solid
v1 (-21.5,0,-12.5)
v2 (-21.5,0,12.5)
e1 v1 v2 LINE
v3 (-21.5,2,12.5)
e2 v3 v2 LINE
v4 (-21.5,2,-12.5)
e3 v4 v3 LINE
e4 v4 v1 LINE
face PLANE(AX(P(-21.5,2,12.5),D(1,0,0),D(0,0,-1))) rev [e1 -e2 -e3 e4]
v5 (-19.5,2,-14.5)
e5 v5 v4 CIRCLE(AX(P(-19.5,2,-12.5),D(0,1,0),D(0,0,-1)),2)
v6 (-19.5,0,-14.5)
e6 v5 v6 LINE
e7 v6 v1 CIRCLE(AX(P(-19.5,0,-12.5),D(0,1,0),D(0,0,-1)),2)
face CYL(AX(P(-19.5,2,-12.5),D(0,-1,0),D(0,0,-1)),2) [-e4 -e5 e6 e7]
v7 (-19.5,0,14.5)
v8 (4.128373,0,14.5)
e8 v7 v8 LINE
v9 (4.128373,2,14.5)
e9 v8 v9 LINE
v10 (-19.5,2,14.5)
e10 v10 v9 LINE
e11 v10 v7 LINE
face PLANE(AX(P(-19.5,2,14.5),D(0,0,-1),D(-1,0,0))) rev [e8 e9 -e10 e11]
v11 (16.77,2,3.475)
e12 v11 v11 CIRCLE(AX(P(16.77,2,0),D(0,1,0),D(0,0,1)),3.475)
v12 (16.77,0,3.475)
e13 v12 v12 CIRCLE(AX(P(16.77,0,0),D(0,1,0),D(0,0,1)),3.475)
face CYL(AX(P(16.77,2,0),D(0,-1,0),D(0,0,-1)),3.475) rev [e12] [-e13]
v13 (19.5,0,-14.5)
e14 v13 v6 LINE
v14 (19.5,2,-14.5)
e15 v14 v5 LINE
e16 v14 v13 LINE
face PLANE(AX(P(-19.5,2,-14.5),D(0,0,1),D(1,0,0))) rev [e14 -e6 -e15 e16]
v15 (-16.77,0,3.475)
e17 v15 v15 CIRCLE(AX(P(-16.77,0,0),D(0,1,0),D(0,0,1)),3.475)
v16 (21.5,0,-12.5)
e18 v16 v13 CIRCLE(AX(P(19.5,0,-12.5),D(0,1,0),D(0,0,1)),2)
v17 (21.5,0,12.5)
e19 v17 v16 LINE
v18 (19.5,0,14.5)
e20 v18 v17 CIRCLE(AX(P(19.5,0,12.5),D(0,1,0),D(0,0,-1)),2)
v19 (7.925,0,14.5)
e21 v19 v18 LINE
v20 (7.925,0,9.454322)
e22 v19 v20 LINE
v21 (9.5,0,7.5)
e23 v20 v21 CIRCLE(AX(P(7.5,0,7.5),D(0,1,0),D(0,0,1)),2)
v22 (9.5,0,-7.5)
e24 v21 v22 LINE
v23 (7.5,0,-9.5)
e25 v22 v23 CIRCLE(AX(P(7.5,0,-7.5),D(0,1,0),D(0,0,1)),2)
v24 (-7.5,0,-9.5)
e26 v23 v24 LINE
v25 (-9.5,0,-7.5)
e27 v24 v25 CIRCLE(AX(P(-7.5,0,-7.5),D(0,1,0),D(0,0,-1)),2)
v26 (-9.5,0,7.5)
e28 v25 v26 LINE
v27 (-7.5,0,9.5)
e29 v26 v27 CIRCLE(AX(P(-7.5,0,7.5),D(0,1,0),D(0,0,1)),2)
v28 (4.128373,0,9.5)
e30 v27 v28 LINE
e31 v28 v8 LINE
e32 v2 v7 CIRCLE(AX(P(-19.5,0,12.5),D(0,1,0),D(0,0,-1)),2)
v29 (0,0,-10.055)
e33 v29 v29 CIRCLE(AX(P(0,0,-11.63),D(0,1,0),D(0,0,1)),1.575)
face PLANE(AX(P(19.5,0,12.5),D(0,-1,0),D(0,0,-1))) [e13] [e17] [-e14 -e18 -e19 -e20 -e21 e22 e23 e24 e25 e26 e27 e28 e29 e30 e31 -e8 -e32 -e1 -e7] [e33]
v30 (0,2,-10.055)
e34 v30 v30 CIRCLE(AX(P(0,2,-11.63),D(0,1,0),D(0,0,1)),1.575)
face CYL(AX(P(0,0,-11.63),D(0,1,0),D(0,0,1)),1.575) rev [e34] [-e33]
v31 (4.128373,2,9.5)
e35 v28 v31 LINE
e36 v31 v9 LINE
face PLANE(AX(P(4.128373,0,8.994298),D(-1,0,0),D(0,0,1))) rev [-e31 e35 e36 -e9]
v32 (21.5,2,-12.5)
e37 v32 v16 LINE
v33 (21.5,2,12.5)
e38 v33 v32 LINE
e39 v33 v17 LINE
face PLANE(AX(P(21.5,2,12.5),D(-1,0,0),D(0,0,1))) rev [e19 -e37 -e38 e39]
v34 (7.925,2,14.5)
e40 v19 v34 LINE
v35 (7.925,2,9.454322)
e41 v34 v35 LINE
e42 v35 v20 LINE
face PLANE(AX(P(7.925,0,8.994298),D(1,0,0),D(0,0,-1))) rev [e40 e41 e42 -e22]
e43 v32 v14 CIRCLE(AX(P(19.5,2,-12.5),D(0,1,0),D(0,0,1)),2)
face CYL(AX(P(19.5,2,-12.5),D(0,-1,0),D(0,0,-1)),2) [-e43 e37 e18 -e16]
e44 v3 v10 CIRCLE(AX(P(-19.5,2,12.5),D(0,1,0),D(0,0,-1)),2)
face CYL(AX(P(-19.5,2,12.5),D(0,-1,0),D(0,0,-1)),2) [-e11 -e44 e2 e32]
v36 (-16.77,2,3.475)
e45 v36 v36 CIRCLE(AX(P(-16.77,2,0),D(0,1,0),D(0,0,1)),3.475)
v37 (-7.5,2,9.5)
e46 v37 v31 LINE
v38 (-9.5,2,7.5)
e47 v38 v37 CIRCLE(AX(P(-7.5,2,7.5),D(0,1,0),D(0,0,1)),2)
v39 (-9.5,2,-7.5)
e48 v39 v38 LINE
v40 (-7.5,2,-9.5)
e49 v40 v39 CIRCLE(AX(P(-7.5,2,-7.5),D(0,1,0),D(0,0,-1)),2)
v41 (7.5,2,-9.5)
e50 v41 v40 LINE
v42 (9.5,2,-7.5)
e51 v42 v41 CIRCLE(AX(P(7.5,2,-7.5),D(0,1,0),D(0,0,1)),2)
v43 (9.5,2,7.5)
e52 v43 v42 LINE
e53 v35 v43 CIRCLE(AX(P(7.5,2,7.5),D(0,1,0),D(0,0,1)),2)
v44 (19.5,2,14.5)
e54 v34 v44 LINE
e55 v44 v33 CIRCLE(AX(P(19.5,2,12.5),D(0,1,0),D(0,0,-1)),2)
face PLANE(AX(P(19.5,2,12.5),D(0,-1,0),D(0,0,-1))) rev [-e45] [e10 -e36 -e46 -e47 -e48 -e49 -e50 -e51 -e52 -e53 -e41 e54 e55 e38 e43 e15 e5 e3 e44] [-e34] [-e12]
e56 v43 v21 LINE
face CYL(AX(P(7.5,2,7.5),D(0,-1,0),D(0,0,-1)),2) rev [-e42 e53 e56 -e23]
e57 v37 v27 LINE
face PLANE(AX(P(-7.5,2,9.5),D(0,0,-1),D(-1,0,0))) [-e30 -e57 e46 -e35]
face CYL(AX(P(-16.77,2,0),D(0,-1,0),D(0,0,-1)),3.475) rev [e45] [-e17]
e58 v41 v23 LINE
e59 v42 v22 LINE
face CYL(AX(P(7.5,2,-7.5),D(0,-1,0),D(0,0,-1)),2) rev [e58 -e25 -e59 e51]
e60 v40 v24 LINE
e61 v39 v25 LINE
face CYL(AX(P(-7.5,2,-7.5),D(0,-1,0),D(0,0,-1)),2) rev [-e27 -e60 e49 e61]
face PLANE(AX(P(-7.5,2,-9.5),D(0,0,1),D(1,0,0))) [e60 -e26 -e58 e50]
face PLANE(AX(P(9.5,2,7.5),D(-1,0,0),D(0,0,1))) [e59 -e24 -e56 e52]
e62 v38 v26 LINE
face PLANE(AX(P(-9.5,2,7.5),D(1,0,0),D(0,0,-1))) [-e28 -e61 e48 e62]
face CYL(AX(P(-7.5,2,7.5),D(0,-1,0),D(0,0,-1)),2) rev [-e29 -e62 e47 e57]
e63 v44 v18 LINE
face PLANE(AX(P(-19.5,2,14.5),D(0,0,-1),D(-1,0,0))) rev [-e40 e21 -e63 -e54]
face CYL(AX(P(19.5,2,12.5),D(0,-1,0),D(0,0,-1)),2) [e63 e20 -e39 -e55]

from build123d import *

# Parameters (mm, degrees)
SKETCH1_R           = 3.475
BOSS_EXTRUDE1_DEPTH = 2
SKETCH2_R           = 1.575
CUT_EXTRUDE1_DEPTH  = 27.009613607
SKETCH3_W           = 3.796627216
SKETCH3_H           = 5.505702191
CUT_EXTRUDE2_DEPTH  = 27.009613607


with BuildPart() as part:
    # Sketch1 → Boss-Extrude1 (new body)
    with BuildSketch(Plane(origin=(0, 0, 0), x_dir=(1, 0, 0), z_dir=(0, 1, 0))):
        with BuildLine():
            Line((-19.5, -14.5), (19.5, -14.5))
            ThreePointArc((19.5, -14.5), (20.914213562, -13.914213562), (21.5, -12.5))
            Line((21.5, -12.5), (21.5, 12.5))
            ThreePointArc((21.5, 12.5), (20.914213562, 13.914213562), (19.5, 14.5))
            Line((19.5, 14.5), (-19.5, 14.5))
            ThreePointArc((-19.5, 14.5), (-20.914213562, 13.914213562), (-21.5, 12.5))
            Line((-21.5, 12.5), (-21.5, -12.5))
            ThreePointArc((-21.5, -12.5), (-20.914213562, -13.914213562), (-19.5, -14.5))
        make_face()
        with Locations(Location((-16.77, 0, 0), (0, 0, 270))):
            Circle(SKETCH1_R, mode=Mode.SUBTRACT)
        with Locations(Location((16.77, 0, 0), (0, 0, 270))):
            Circle(SKETCH1_R, mode=Mode.SUBTRACT)
        with BuildLine():
            Line((-7.5, -9.5), (7.5, -9.5))
            ThreePointArc((7.5, -9.5), (8.914213562, -8.914213562), (9.5, -7.5))
            Line((9.5, -7.5), (9.5, 7.5))
            ThreePointArc((9.5, 7.5), (8.914213562, 8.914213562), (7.5, 9.5))
            Line((7.5, 9.5), (-7.5, 9.5))
            ThreePointArc((-7.5, 9.5), (-8.914213562, 8.914213562), (-9.5, 7.5))
            Line((-9.5, 7.5), (-9.5, -7.5))
            ThreePointArc((-9.5, -7.5), (-8.914213562, -8.914213562), (-7.5, -9.5))
        make_face(mode=Mode.SUBTRACT)
    extrude(amount=BOSS_EXTRUDE1_DEPTH)

    # Sketch2 → Cut-Extrude1 (cut, through all)
    with BuildSketch(Plane(origin=(0, 2, 0), x_dir=(1, 0, 0), z_dir=(0, 1, 0))):
        with Locations(Location((0, 11.63, 0), (0, 0, 270))):
            Circle(SKETCH2_R)
    extrude(amount=-CUT_EXTRUDE1_DEPTH, mode=Mode.SUBTRACT)

    # Sketch3 → Cut-Extrude2 (cut, through all)
    with BuildSketch(Plane(origin=(0, 2, 0), x_dir=(1, 0, 0), z_dir=(0, 1, 0))):
        with Locations((6.026686392, -11.747148905)):
            Rectangle(SKETCH3_W, SKETCH3_H)
    extrude(amount=-CUT_EXTRUDE2_DEPTH, mode=Mode.SUBTRACT)


solid = part.part
